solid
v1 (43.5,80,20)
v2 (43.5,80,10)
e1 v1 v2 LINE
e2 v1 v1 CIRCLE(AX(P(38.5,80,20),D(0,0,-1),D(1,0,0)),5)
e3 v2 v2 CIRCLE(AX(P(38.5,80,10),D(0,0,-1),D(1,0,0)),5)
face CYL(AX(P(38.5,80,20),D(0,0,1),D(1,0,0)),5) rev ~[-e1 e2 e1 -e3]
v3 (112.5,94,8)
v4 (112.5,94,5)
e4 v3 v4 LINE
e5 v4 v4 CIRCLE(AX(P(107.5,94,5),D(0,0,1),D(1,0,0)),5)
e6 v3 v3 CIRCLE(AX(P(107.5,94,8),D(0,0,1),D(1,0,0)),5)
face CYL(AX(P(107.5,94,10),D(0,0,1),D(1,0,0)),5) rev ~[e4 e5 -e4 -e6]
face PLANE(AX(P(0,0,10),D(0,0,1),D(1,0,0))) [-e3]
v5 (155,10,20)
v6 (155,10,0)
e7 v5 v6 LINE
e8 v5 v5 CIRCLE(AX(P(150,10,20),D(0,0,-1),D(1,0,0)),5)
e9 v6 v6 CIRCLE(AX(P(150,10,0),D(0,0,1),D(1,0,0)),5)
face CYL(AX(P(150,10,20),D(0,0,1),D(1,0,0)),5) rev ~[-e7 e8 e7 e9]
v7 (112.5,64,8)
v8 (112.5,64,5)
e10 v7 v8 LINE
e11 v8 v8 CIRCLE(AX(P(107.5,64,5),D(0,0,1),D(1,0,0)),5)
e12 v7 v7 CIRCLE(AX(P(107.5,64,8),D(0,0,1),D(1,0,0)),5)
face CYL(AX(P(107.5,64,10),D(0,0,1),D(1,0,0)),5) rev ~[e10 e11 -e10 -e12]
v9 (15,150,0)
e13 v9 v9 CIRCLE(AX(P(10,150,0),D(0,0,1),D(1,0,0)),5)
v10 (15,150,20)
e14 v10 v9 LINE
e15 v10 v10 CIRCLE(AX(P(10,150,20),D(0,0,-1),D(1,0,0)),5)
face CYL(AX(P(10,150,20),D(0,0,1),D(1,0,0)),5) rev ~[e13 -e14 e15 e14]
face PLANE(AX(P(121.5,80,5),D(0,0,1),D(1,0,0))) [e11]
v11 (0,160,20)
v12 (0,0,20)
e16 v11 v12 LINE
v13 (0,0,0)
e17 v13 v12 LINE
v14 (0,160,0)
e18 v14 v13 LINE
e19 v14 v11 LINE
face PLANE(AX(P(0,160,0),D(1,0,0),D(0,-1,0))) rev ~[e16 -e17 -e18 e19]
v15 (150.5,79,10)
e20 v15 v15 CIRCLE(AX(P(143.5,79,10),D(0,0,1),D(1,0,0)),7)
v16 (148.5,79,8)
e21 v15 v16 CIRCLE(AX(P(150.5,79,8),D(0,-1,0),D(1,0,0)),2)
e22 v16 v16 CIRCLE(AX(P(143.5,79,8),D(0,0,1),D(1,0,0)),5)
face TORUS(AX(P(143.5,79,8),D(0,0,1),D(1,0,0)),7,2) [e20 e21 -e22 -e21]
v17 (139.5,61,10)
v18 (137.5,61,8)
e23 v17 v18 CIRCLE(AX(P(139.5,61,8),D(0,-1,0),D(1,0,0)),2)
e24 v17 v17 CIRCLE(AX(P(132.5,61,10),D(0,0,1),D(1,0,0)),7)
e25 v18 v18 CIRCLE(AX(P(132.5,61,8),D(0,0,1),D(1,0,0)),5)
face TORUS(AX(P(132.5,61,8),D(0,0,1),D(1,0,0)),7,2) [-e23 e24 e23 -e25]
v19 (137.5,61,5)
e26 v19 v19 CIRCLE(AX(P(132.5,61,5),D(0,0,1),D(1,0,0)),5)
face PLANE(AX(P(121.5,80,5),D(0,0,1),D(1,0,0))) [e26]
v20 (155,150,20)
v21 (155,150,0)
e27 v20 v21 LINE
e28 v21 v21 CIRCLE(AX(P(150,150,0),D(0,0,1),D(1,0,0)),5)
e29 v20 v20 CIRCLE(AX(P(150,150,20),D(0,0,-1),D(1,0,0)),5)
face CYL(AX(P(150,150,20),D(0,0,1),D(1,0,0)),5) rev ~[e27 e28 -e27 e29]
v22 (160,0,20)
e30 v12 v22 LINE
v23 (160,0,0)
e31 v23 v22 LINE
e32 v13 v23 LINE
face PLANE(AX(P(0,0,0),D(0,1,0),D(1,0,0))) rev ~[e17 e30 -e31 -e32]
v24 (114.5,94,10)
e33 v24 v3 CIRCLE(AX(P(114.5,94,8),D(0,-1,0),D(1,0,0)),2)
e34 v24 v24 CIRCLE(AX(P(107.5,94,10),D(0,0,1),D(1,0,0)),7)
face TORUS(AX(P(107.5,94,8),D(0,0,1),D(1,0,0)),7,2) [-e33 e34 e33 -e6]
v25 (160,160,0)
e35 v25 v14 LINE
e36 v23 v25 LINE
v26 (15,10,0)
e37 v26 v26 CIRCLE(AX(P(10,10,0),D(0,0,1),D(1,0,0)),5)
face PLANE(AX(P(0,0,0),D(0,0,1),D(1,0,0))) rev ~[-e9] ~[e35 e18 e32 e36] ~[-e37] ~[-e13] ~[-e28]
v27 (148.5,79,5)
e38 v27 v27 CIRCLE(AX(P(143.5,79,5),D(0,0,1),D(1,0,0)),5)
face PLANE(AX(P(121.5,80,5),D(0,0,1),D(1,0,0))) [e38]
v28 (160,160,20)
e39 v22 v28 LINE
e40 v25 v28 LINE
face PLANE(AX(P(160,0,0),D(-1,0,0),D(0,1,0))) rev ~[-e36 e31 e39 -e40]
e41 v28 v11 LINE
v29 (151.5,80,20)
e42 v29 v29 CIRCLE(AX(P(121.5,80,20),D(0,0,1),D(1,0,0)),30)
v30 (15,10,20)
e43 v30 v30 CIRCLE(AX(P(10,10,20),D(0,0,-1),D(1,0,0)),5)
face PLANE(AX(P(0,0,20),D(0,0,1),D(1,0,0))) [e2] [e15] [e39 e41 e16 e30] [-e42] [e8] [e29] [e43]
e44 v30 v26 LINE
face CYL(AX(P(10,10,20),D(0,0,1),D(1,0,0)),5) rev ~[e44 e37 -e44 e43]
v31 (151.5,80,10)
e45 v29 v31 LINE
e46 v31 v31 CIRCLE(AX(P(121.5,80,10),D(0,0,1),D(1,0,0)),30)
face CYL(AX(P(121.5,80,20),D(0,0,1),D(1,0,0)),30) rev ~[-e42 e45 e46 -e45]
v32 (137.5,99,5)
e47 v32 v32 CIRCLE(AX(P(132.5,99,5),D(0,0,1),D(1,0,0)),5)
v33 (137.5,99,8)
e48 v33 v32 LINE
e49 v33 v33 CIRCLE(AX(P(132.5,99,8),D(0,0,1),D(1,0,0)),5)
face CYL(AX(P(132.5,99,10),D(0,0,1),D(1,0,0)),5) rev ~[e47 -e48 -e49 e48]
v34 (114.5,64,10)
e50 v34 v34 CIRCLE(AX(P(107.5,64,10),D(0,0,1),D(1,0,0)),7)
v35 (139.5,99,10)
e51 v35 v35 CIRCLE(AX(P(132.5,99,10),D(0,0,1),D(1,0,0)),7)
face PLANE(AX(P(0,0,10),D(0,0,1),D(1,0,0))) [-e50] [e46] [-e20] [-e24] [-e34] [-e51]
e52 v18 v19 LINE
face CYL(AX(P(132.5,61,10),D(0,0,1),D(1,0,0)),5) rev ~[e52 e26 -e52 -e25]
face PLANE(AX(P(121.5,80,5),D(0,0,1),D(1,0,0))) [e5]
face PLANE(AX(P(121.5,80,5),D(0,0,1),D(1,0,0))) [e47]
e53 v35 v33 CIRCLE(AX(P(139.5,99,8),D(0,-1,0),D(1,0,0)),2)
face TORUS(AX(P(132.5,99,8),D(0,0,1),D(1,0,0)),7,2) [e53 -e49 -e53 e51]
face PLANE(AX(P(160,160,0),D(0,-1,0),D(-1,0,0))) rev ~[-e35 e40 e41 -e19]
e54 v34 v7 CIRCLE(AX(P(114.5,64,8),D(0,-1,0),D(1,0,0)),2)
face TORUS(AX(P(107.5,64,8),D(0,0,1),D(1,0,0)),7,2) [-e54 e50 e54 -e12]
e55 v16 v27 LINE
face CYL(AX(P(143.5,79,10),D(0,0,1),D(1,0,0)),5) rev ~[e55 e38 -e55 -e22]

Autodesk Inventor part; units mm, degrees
ref_plane "YZ Plane" through (0, 0, 0) normal (1, 0, 0) x (0, 1, 0)
ref_plane "XZ Plane" through (0, 0, 0) normal (0, 1, 0) x (-1, 0, 0)
ref_plane "XY Plane" through (0, 0, 0) normal (0, 0, 1) x (1, 0, 0)
sketch "Sketch1" plane through (0, 0, 0) normal (0, 0, 1) x (1, 0, 0)
  line L0 (0, 0) -> (160, 0)
  line L1 (160, 0) -> (160, 160)
  line L2 (160, 160) -> (0, 160)
  line L3 (0, 160) -> (0, 0)
  dimension "d0" = 160
  dimension "d1" = 160
extrude "Extrusion1" add sketch "Sketch1" along normal blind 20
sketch "Sketch2" plane through (0, 0, 20) normal (0, 0, 1) x (1, 0, 0)
  line L0 (160, 160) -> (0, 160) projected
  line L1 (0, 160) -> (10, 160)
  line L2 (10, 160) -> (10, 10)
  line L3 (10, 10) -> (150, 10)
  line L4 (150, 10) -> (150, 150)
  line L5 (150, 150) -> (10, 150)
  circle A0 centre (10, 150) radius 5
  circle A1 centre (150, 150) radius 5
  circle A2 centre (10, 10) radius 5
  circle A3 centre (150, 10) radius 5
  line L6 (0, 0) -> (0, 80)
  line L7 (0, 160) -> (0, 0) projected
  line L8 (0, 80) -> (38.5, 80)
  circle A4 centre (38.5, 80) radius 5
  line L9 (0, 0) -> (160, 0) projected
  line L10 (160, 0) -> (160, 80)
  line L11 (160, 0) -> (160, 160) projected
  line L12 (160, 80) -> (160, 8)
  line L13 (160, 80) -> (121.5, 80)
  circle A5 centre (121.5, 80) radius 30
  dimension "d4" = 10
  dimension "d5" = 150
  dimension "d6" = 140
  dimension "d7" = 140
  dimension "d8" = 140
  dimension "d9" = 10
  dimension "d10" = 10
  dimension "d11" = 10
  dimension "d12" = 10
  dimension "d13" = 80
  dimension "d14" = 38.5
  dimension "d15" = 10
  dimension "d16" = 80
  dimension "d17" = 38.5
  dimension "d18" = 60
extrude "Extrusion2" cut sketch "Sketch2" against normal through all contours A0 L5 L2 | L2 A0 | L5 A0 L2 | A1 L4 L5 | L5 L4 A1 | A3 L3 L4 | L4 L3 A3 | A2 L3 L2 | L2 L3 A2
sketch "Sketch3" plane through (0, 0, 20) normal (0, 0, 1) x (1, 0, 0)
  line L0 (0, 0) -> (160, 0) projected
  line L1 (0, 0) -> (0, 80)
  line L2 (0, 160) -> (0, 0) projected
  line L3 (0, 80) -> (38.5, 80)
  circle A0 centre (38.5, 80) radius 5
  line L4 (160, 0) -> (160, 11)
  dimension "d21" = 80
  dimension "d22" = 38.5
  dimension "d23" = 10
extrude "Extrusion3" cut sketch "Sketch3" against normal blind 10
sketch "Sketch4" plane through (0, 0, 20) normal (0, 0, 1) x (1, 0, 0)
  line L0 (160, 0) -> (160, 160) projected
  line L1 (160, 0) -> (160, 80)
  line L2 (160, 80) -> (121.5, 80)
  circle A0 centre (121.5, 80) radius 30
  point P0 (0, 0)
  dimension "d26" = 80
  dimension "d27" = 38.5
  dimension "d28" = 60
extrude "Extrusion4" cut sketch "Sketch4" against normal blind 10
sketch "Sketch5" plane through (121.5, 80, 10) normal (0, 0, 1) x (1, 0, 0)
  line L0 (-30, 0) -> (-20, 0)
  line L1 (-20, 0) -> (-25, 0)
  point P0 (-121.5, -80)
  dimension "d31" = 10
sketch "Sketch6" plane through (121.5, 80, 10) normal (0, 0, 1) x (1, 0, 0)
  circle A0 centre (-14, -16) radius 5
  circle A1 centre (-14, 14) radius 5
  circle A2 centre (11, 19) radius 5
  circle A3 centre (22, -1) radius 5
  circle A4 centre (11, -19) radius 5
  point P0 (-121.5, -80)
  dimension "d32" = 10
  dimension "d33" = 10
  dimension "d34" = 10
  dimension "d35" = 10
  dimension "d36" = 10
extrude "Extrusion5" cut sketch "Sketch6" against normal blind 5
fillet "Fillet1" radius 2 5 edges at (102.5, 94, 10) (102.5, 64, 10) (127.5, 61, 10) (138.5, 79, 10) (127.5, 99, 10)
properties part number "bottom part of capping system"
